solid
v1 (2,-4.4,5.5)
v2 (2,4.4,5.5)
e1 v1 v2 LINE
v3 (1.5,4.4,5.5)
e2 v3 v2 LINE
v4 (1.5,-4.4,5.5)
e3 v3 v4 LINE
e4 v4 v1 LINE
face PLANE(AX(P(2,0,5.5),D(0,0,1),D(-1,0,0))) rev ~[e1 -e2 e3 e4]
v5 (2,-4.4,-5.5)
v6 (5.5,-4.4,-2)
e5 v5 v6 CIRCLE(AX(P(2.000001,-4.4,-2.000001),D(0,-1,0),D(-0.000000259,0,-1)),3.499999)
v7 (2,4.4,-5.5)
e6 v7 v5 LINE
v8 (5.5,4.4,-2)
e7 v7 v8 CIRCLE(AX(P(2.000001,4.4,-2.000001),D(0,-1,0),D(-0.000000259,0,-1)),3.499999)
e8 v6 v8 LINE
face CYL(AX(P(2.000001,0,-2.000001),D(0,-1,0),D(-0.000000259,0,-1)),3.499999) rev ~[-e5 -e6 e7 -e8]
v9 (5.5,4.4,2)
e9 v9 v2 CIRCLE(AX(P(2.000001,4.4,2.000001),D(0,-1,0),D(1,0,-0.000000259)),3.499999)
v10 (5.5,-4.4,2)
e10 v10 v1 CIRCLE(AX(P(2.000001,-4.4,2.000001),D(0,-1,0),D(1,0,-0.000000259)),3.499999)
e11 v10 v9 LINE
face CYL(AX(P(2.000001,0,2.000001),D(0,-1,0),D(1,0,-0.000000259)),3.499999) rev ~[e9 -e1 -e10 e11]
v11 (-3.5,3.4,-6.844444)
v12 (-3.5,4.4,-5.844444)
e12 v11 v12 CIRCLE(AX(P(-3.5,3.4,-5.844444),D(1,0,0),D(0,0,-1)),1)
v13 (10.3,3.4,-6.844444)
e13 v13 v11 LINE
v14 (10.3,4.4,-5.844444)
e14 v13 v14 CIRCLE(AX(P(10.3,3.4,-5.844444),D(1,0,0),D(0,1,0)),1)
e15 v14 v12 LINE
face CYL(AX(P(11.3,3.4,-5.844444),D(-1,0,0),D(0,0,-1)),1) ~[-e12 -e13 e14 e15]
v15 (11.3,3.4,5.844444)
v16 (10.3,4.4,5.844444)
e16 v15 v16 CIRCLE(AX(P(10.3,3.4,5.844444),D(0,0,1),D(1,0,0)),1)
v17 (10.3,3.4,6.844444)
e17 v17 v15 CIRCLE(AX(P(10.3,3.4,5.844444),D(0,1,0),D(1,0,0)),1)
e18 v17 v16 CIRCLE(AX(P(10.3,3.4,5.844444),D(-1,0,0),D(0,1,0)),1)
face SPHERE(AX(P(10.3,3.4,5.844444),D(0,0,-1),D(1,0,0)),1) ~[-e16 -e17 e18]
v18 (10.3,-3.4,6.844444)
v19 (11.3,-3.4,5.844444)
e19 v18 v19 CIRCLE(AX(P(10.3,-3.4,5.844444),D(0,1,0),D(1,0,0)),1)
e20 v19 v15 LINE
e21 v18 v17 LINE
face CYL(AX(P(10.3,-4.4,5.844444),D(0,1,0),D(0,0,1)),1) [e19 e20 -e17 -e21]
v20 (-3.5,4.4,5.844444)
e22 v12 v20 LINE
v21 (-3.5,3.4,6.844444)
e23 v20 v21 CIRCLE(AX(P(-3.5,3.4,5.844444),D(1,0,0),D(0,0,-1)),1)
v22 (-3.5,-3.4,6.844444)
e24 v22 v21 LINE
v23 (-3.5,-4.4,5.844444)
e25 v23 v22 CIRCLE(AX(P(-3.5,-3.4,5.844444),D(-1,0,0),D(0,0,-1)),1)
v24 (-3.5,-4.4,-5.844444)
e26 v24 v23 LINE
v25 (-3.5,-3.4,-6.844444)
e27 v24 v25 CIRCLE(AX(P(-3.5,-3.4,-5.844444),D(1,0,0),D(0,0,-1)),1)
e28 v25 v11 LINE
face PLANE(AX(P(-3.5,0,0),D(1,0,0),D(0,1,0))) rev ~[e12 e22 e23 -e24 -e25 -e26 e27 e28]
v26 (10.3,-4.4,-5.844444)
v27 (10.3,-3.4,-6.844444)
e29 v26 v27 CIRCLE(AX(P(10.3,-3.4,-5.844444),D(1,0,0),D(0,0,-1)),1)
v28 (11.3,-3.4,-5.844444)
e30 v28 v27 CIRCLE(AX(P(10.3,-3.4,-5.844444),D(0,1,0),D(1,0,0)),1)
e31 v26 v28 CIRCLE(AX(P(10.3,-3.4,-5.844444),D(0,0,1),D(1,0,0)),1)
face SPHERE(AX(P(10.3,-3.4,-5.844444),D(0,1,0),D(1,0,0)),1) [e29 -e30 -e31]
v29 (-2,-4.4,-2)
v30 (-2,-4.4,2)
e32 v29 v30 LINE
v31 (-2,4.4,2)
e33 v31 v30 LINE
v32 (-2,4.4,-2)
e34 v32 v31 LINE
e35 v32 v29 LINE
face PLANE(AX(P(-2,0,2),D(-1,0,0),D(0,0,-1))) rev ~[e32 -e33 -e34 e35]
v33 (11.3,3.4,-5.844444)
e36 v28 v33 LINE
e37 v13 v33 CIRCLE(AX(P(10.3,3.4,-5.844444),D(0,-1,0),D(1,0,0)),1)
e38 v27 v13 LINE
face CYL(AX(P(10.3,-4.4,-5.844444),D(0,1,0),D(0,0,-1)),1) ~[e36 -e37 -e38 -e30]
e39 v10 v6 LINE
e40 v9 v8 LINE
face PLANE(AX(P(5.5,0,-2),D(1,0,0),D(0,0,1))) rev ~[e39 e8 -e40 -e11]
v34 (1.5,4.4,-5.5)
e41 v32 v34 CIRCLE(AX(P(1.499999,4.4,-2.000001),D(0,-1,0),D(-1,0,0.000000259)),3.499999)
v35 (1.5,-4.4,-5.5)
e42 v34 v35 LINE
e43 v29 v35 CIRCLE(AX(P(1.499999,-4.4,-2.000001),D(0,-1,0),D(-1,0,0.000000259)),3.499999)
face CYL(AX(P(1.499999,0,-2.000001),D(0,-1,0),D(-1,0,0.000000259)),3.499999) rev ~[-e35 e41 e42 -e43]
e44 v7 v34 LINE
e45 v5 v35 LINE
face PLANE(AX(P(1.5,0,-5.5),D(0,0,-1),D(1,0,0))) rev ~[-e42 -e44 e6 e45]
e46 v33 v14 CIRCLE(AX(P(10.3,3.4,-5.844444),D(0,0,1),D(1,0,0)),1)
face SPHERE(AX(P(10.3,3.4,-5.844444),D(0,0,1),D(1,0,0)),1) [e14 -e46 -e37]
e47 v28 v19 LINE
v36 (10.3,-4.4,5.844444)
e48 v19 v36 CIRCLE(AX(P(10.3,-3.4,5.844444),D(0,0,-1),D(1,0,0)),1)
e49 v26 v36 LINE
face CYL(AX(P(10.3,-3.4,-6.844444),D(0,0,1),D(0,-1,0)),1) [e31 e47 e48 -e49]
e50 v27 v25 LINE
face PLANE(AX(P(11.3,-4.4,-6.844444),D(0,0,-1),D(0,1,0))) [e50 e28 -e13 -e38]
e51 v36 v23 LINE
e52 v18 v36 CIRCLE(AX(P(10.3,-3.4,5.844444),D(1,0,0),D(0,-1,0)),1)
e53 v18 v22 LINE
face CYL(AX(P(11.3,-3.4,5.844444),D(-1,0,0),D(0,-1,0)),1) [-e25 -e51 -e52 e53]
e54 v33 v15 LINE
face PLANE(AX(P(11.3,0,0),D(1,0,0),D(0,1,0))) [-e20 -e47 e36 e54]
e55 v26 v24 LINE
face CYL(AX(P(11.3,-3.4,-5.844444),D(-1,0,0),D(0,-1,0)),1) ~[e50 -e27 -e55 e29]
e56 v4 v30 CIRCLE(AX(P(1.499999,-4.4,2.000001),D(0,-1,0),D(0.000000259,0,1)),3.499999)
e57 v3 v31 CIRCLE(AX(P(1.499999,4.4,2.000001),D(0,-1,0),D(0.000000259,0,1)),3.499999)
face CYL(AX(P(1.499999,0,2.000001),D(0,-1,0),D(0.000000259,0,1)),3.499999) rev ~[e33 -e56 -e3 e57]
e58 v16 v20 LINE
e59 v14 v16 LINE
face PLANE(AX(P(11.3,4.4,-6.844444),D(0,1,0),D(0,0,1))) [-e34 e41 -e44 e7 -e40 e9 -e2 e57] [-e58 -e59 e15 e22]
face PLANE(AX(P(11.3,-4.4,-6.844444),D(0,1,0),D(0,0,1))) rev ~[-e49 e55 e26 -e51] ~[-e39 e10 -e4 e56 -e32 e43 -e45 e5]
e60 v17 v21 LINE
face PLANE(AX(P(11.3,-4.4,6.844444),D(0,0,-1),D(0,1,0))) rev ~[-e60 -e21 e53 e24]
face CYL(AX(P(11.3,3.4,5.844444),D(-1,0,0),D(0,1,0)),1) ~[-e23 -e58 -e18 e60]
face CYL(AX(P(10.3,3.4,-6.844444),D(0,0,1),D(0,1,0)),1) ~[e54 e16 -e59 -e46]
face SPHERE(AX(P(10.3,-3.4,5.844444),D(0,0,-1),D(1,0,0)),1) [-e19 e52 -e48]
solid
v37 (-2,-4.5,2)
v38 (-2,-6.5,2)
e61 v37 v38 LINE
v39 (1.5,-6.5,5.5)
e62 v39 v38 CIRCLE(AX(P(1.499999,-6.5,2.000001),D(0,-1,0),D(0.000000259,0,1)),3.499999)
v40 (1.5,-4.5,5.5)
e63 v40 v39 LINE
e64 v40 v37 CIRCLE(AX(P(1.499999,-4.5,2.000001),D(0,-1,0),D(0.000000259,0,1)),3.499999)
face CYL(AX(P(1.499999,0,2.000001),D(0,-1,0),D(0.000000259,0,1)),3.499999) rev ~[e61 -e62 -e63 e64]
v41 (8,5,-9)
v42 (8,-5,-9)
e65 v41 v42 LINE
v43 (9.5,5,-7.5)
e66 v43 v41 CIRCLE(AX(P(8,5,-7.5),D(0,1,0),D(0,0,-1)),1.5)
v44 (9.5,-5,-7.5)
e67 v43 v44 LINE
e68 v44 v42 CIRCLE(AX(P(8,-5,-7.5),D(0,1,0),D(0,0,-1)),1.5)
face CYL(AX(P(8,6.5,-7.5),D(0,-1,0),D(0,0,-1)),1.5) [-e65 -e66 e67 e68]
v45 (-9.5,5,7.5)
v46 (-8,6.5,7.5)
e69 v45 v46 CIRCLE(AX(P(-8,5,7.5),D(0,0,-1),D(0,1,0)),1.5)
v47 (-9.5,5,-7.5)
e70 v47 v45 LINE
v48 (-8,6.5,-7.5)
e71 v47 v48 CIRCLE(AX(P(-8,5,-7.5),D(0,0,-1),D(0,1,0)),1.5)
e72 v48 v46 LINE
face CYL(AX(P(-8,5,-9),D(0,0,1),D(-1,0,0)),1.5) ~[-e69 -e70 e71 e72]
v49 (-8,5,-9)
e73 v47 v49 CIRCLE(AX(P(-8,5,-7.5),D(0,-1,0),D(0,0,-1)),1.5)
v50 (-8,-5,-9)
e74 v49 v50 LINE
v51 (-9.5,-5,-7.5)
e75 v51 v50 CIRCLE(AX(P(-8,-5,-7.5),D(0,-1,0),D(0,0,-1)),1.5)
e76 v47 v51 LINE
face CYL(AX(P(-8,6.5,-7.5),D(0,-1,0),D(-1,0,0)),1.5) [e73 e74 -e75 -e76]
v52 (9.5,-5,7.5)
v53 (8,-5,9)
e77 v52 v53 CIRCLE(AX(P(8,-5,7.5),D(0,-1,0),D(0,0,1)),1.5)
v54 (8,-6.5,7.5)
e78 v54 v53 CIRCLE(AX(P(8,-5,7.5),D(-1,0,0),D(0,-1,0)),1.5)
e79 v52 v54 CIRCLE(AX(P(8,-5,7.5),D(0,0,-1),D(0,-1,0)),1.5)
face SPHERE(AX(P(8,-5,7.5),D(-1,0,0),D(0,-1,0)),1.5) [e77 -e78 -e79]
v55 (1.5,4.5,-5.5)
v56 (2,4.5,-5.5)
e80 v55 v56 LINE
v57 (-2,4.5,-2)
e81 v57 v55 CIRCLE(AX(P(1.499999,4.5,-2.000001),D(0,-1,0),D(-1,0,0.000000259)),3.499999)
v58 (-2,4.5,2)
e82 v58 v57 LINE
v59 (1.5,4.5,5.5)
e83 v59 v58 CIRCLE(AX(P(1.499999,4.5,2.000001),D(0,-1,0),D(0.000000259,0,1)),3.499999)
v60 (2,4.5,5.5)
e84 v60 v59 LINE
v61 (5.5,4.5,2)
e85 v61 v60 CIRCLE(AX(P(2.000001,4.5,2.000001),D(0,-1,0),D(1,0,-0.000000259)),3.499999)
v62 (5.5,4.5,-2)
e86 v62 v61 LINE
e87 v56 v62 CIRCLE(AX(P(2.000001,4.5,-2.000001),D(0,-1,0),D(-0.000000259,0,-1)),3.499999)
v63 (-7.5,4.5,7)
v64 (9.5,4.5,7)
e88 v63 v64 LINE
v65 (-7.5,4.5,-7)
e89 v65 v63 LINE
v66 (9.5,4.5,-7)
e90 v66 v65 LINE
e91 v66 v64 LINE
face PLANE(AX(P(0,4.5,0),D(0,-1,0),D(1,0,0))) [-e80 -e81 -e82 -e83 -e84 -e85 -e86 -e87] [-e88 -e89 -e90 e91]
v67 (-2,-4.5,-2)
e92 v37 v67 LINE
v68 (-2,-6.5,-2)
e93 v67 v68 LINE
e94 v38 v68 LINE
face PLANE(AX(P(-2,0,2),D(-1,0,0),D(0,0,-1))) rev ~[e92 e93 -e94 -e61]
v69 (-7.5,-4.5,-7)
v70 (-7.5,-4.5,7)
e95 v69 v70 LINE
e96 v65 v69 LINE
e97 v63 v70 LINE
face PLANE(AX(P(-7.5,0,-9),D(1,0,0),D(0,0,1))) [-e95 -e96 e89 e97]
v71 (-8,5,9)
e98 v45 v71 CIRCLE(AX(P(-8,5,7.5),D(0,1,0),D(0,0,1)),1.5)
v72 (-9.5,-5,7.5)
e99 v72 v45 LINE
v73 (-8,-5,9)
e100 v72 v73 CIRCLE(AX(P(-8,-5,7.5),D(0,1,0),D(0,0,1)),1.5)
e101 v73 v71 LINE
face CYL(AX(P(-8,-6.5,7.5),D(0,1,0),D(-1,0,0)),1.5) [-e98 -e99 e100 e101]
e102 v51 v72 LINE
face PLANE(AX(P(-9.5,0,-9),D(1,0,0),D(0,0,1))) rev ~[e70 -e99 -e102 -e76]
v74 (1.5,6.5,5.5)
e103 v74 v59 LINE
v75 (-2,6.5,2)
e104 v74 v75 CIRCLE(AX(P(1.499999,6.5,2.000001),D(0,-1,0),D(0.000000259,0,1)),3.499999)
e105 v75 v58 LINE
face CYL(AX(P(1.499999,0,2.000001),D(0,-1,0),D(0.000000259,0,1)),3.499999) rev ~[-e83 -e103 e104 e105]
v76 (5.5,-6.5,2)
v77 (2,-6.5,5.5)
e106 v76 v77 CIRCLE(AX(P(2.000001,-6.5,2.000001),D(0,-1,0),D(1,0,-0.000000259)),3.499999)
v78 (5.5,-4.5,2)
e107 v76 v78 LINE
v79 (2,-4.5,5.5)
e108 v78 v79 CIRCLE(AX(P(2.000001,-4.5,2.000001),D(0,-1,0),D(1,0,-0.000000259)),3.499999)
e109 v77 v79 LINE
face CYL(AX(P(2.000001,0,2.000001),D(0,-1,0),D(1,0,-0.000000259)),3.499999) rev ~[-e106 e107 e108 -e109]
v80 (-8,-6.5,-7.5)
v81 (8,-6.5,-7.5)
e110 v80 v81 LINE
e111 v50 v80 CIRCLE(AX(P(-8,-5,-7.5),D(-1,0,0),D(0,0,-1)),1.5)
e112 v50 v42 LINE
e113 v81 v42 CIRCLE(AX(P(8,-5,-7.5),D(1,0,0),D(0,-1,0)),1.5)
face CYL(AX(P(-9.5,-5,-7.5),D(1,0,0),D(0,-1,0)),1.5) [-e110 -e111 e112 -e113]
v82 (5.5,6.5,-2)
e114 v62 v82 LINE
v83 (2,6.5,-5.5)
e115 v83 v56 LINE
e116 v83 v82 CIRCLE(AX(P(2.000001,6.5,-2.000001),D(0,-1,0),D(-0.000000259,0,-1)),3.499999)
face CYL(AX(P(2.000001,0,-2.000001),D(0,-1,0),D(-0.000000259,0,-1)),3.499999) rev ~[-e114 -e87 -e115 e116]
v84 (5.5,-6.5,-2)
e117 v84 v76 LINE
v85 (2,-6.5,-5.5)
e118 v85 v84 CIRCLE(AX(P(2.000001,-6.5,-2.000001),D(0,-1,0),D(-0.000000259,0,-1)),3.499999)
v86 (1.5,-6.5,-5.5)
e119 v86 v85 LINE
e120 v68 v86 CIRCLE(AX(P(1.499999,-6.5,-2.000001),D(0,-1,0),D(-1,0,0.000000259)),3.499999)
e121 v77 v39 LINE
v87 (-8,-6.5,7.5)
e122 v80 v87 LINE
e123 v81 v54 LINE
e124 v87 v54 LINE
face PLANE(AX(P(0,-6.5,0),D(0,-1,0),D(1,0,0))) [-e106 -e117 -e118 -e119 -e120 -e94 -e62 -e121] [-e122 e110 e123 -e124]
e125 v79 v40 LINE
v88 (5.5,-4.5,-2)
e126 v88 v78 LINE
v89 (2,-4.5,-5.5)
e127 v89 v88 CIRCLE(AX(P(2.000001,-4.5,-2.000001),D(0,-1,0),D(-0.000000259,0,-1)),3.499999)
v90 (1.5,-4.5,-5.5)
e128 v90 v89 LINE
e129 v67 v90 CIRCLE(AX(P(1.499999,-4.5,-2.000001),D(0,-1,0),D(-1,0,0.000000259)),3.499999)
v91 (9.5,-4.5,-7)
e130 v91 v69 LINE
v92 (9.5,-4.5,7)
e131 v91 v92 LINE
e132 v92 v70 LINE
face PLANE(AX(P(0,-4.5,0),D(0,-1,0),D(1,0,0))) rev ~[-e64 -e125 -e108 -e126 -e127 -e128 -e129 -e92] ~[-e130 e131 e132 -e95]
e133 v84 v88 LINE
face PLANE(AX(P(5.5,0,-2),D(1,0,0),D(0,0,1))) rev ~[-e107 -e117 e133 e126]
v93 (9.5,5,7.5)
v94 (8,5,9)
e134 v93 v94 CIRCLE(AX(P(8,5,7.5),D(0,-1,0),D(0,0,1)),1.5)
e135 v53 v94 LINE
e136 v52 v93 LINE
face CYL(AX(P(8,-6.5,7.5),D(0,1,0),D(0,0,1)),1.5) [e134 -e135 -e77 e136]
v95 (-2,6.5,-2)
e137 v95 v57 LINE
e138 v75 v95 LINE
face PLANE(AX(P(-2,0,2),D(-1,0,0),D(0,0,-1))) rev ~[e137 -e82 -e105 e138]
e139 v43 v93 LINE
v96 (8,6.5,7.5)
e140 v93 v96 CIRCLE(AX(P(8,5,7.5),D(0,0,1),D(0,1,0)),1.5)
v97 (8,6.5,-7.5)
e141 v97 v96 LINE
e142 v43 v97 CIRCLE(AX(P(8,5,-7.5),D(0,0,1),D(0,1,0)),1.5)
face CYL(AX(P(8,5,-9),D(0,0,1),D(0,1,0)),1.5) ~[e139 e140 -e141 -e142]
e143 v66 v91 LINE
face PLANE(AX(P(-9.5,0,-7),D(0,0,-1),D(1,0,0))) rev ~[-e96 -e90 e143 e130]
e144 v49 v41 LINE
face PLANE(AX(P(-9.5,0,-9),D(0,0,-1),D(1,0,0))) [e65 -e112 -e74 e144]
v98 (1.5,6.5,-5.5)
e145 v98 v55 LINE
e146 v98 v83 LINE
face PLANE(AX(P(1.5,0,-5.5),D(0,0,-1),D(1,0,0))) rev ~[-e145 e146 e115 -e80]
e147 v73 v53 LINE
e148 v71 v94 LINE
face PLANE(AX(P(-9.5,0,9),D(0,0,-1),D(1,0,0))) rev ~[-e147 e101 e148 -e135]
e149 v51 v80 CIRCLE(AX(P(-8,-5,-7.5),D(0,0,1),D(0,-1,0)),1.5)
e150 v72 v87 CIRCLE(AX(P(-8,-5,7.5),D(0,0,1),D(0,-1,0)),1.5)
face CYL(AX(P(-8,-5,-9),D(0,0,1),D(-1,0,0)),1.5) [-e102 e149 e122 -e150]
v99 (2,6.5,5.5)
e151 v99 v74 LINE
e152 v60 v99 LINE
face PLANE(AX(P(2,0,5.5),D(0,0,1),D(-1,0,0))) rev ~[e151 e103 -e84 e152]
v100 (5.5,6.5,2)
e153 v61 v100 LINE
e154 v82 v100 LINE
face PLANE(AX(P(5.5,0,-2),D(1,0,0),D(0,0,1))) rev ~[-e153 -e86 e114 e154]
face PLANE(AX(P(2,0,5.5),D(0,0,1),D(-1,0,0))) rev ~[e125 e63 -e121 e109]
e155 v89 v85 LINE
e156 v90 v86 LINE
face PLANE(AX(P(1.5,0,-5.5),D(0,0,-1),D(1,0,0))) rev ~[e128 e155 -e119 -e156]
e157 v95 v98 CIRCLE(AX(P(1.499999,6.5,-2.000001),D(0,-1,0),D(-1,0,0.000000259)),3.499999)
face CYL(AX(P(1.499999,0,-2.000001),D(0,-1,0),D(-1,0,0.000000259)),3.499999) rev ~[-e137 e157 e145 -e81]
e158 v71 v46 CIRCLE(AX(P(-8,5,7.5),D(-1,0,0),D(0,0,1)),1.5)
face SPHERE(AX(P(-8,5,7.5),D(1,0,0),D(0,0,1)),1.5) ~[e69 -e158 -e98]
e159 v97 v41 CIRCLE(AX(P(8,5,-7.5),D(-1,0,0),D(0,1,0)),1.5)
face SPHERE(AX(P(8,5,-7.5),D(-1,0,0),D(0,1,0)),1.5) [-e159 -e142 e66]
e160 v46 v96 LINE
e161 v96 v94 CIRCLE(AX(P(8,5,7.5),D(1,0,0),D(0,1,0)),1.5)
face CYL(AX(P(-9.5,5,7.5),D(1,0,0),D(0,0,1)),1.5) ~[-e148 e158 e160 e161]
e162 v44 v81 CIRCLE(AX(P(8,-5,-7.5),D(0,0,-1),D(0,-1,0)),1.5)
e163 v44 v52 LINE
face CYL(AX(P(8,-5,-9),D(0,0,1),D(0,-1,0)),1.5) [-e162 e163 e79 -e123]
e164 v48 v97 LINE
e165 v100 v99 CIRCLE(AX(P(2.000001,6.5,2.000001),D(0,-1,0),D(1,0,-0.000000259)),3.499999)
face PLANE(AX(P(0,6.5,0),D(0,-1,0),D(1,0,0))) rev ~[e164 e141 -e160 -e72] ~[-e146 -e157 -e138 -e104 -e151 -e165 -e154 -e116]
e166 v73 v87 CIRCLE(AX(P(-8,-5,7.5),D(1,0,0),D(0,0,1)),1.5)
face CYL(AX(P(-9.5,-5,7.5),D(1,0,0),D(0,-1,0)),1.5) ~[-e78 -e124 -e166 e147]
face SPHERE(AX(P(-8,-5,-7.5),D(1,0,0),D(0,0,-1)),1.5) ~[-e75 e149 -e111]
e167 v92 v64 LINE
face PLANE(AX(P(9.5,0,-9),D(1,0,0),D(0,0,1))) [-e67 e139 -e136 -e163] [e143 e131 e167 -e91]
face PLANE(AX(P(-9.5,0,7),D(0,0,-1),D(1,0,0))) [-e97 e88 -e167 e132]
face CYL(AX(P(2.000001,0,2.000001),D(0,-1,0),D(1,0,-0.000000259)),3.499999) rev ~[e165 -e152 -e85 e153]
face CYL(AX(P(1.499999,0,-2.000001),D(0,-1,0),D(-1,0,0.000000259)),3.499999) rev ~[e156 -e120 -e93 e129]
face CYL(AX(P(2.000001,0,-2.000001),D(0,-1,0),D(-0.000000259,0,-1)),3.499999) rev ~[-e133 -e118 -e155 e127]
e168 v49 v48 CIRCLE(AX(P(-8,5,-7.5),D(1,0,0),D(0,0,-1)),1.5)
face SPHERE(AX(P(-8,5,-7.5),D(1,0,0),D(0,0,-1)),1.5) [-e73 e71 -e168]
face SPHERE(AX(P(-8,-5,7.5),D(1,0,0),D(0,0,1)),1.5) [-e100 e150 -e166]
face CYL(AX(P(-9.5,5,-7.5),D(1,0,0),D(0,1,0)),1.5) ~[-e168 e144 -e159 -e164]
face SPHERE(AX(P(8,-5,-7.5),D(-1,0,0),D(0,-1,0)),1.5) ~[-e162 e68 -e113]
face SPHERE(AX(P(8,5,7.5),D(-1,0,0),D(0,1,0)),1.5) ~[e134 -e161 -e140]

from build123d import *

# Parameters (mm, degrees)
F0_W     = 19
F0_H     = 18
F1_DEPTH = 6.5
F2_T     = -2
F3_R     = 1.5
F5_W     = 8.8
F5_H     = 13.688888
F6_DEPTH = 14.8
F8_R     = 1
F9_DEPTH = 12.5


with BuildPart() as f1:
    # F0 (on Front) → F1 (new body, symmetric)
    with BuildSketch(Plane.XZ):
        Rectangle(F0_W, F0_H)
    extrude(amount=F1_DEPTH, both=True)

    # F2
    f2_openings = [f1.faces().sort_by_distance(p)[0] for p in [
        (9.5, 0, 0),
    ]]
    offset(amount=F2_T, openings=f2_openings)

    # F3
    f3_edges = [f1.edges().sort_by_distance(p)[0] for p in [
        (0, 6.5, 9),
        (0, 6.5, -9),
        (0, -6.5, 9),
        (0, -6.5, -9),
        (9.5, -6.5, 0),
        (9.5, 6.5, 0),
        (-9.5, 0, 9),
        (9.5, 0, 9),
        (9.5, 0, -9),
        (-9.5, 0, -9),
        (-9.5, 6.5, 0),
        (-9.5, -6.5, 0),
    ]]
    fillet(f3_edges, radius=F3_R)


with BuildPart() as f6:
    # F5 (on offset) → F6 (new body)
    with BuildSketch(Plane.YZ.offset(11.3)):
        Rectangle(F5_W, F5_H)
    extrude(amount=-F6_DEPTH)

    # F8
    f8_edges = [f6.edges().sort_by_distance(p)[0] for p in [
        (11.3, 4.4, 0),
        (11.3, 0, -6.844444),
        (11.3, -4.4, 0),
        (11.3, 0, 6.844444),
        (3.9, 4.4, -6.844444),
        (3.9, 4.4, 6.844444),
        (3.9, -4.4, 6.844444),
        (3.9, -4.4, -6.844444),
    ]]
    fillet(f8_edges, radius=F8_R)


with BuildPart() as f9_tool:
    # F7 (on Front) → F9 (new body, symmetric)
    with BuildSketch(Plane.XZ):
        with BuildLine():
            Line((2, 5.5), (1.5, 5.5))
            ThreePointArc((1.5, 5.5), (-0.974874, 4.474874), (-2, 2))
            Line((-2, 2), (-2, -2))
            ThreePointArc((-2, -2), (-0.974874, -4.474874), (1.5, -5.5))
            Line((1.5, -5.5), (2, -5.5))
            ThreePointArc((2, -5.5), (4.474874, -4.474874), (5.5, -2))
            Line((5.5, -2), (5.5, 2))
            ThreePointArc((5.5, 2), (4.474874, 4.474874), (2, 5.5))
        make_face()
    extrude(amount=F9_DEPTH, both=True)


with BuildPart() as f1_1:
    add(f1.part)

    # F9: cut by f9_tool
    add(f9_tool.part, mode=Mode.SUBTRACT)


with BuildPart() as f6_1:
    add(f6.part)

    # F9: cut by f9_tool
    add(f9_tool.part, mode=Mode.SUBTRACT)


solid = Compound([f1_1.part, f6_1.part])
